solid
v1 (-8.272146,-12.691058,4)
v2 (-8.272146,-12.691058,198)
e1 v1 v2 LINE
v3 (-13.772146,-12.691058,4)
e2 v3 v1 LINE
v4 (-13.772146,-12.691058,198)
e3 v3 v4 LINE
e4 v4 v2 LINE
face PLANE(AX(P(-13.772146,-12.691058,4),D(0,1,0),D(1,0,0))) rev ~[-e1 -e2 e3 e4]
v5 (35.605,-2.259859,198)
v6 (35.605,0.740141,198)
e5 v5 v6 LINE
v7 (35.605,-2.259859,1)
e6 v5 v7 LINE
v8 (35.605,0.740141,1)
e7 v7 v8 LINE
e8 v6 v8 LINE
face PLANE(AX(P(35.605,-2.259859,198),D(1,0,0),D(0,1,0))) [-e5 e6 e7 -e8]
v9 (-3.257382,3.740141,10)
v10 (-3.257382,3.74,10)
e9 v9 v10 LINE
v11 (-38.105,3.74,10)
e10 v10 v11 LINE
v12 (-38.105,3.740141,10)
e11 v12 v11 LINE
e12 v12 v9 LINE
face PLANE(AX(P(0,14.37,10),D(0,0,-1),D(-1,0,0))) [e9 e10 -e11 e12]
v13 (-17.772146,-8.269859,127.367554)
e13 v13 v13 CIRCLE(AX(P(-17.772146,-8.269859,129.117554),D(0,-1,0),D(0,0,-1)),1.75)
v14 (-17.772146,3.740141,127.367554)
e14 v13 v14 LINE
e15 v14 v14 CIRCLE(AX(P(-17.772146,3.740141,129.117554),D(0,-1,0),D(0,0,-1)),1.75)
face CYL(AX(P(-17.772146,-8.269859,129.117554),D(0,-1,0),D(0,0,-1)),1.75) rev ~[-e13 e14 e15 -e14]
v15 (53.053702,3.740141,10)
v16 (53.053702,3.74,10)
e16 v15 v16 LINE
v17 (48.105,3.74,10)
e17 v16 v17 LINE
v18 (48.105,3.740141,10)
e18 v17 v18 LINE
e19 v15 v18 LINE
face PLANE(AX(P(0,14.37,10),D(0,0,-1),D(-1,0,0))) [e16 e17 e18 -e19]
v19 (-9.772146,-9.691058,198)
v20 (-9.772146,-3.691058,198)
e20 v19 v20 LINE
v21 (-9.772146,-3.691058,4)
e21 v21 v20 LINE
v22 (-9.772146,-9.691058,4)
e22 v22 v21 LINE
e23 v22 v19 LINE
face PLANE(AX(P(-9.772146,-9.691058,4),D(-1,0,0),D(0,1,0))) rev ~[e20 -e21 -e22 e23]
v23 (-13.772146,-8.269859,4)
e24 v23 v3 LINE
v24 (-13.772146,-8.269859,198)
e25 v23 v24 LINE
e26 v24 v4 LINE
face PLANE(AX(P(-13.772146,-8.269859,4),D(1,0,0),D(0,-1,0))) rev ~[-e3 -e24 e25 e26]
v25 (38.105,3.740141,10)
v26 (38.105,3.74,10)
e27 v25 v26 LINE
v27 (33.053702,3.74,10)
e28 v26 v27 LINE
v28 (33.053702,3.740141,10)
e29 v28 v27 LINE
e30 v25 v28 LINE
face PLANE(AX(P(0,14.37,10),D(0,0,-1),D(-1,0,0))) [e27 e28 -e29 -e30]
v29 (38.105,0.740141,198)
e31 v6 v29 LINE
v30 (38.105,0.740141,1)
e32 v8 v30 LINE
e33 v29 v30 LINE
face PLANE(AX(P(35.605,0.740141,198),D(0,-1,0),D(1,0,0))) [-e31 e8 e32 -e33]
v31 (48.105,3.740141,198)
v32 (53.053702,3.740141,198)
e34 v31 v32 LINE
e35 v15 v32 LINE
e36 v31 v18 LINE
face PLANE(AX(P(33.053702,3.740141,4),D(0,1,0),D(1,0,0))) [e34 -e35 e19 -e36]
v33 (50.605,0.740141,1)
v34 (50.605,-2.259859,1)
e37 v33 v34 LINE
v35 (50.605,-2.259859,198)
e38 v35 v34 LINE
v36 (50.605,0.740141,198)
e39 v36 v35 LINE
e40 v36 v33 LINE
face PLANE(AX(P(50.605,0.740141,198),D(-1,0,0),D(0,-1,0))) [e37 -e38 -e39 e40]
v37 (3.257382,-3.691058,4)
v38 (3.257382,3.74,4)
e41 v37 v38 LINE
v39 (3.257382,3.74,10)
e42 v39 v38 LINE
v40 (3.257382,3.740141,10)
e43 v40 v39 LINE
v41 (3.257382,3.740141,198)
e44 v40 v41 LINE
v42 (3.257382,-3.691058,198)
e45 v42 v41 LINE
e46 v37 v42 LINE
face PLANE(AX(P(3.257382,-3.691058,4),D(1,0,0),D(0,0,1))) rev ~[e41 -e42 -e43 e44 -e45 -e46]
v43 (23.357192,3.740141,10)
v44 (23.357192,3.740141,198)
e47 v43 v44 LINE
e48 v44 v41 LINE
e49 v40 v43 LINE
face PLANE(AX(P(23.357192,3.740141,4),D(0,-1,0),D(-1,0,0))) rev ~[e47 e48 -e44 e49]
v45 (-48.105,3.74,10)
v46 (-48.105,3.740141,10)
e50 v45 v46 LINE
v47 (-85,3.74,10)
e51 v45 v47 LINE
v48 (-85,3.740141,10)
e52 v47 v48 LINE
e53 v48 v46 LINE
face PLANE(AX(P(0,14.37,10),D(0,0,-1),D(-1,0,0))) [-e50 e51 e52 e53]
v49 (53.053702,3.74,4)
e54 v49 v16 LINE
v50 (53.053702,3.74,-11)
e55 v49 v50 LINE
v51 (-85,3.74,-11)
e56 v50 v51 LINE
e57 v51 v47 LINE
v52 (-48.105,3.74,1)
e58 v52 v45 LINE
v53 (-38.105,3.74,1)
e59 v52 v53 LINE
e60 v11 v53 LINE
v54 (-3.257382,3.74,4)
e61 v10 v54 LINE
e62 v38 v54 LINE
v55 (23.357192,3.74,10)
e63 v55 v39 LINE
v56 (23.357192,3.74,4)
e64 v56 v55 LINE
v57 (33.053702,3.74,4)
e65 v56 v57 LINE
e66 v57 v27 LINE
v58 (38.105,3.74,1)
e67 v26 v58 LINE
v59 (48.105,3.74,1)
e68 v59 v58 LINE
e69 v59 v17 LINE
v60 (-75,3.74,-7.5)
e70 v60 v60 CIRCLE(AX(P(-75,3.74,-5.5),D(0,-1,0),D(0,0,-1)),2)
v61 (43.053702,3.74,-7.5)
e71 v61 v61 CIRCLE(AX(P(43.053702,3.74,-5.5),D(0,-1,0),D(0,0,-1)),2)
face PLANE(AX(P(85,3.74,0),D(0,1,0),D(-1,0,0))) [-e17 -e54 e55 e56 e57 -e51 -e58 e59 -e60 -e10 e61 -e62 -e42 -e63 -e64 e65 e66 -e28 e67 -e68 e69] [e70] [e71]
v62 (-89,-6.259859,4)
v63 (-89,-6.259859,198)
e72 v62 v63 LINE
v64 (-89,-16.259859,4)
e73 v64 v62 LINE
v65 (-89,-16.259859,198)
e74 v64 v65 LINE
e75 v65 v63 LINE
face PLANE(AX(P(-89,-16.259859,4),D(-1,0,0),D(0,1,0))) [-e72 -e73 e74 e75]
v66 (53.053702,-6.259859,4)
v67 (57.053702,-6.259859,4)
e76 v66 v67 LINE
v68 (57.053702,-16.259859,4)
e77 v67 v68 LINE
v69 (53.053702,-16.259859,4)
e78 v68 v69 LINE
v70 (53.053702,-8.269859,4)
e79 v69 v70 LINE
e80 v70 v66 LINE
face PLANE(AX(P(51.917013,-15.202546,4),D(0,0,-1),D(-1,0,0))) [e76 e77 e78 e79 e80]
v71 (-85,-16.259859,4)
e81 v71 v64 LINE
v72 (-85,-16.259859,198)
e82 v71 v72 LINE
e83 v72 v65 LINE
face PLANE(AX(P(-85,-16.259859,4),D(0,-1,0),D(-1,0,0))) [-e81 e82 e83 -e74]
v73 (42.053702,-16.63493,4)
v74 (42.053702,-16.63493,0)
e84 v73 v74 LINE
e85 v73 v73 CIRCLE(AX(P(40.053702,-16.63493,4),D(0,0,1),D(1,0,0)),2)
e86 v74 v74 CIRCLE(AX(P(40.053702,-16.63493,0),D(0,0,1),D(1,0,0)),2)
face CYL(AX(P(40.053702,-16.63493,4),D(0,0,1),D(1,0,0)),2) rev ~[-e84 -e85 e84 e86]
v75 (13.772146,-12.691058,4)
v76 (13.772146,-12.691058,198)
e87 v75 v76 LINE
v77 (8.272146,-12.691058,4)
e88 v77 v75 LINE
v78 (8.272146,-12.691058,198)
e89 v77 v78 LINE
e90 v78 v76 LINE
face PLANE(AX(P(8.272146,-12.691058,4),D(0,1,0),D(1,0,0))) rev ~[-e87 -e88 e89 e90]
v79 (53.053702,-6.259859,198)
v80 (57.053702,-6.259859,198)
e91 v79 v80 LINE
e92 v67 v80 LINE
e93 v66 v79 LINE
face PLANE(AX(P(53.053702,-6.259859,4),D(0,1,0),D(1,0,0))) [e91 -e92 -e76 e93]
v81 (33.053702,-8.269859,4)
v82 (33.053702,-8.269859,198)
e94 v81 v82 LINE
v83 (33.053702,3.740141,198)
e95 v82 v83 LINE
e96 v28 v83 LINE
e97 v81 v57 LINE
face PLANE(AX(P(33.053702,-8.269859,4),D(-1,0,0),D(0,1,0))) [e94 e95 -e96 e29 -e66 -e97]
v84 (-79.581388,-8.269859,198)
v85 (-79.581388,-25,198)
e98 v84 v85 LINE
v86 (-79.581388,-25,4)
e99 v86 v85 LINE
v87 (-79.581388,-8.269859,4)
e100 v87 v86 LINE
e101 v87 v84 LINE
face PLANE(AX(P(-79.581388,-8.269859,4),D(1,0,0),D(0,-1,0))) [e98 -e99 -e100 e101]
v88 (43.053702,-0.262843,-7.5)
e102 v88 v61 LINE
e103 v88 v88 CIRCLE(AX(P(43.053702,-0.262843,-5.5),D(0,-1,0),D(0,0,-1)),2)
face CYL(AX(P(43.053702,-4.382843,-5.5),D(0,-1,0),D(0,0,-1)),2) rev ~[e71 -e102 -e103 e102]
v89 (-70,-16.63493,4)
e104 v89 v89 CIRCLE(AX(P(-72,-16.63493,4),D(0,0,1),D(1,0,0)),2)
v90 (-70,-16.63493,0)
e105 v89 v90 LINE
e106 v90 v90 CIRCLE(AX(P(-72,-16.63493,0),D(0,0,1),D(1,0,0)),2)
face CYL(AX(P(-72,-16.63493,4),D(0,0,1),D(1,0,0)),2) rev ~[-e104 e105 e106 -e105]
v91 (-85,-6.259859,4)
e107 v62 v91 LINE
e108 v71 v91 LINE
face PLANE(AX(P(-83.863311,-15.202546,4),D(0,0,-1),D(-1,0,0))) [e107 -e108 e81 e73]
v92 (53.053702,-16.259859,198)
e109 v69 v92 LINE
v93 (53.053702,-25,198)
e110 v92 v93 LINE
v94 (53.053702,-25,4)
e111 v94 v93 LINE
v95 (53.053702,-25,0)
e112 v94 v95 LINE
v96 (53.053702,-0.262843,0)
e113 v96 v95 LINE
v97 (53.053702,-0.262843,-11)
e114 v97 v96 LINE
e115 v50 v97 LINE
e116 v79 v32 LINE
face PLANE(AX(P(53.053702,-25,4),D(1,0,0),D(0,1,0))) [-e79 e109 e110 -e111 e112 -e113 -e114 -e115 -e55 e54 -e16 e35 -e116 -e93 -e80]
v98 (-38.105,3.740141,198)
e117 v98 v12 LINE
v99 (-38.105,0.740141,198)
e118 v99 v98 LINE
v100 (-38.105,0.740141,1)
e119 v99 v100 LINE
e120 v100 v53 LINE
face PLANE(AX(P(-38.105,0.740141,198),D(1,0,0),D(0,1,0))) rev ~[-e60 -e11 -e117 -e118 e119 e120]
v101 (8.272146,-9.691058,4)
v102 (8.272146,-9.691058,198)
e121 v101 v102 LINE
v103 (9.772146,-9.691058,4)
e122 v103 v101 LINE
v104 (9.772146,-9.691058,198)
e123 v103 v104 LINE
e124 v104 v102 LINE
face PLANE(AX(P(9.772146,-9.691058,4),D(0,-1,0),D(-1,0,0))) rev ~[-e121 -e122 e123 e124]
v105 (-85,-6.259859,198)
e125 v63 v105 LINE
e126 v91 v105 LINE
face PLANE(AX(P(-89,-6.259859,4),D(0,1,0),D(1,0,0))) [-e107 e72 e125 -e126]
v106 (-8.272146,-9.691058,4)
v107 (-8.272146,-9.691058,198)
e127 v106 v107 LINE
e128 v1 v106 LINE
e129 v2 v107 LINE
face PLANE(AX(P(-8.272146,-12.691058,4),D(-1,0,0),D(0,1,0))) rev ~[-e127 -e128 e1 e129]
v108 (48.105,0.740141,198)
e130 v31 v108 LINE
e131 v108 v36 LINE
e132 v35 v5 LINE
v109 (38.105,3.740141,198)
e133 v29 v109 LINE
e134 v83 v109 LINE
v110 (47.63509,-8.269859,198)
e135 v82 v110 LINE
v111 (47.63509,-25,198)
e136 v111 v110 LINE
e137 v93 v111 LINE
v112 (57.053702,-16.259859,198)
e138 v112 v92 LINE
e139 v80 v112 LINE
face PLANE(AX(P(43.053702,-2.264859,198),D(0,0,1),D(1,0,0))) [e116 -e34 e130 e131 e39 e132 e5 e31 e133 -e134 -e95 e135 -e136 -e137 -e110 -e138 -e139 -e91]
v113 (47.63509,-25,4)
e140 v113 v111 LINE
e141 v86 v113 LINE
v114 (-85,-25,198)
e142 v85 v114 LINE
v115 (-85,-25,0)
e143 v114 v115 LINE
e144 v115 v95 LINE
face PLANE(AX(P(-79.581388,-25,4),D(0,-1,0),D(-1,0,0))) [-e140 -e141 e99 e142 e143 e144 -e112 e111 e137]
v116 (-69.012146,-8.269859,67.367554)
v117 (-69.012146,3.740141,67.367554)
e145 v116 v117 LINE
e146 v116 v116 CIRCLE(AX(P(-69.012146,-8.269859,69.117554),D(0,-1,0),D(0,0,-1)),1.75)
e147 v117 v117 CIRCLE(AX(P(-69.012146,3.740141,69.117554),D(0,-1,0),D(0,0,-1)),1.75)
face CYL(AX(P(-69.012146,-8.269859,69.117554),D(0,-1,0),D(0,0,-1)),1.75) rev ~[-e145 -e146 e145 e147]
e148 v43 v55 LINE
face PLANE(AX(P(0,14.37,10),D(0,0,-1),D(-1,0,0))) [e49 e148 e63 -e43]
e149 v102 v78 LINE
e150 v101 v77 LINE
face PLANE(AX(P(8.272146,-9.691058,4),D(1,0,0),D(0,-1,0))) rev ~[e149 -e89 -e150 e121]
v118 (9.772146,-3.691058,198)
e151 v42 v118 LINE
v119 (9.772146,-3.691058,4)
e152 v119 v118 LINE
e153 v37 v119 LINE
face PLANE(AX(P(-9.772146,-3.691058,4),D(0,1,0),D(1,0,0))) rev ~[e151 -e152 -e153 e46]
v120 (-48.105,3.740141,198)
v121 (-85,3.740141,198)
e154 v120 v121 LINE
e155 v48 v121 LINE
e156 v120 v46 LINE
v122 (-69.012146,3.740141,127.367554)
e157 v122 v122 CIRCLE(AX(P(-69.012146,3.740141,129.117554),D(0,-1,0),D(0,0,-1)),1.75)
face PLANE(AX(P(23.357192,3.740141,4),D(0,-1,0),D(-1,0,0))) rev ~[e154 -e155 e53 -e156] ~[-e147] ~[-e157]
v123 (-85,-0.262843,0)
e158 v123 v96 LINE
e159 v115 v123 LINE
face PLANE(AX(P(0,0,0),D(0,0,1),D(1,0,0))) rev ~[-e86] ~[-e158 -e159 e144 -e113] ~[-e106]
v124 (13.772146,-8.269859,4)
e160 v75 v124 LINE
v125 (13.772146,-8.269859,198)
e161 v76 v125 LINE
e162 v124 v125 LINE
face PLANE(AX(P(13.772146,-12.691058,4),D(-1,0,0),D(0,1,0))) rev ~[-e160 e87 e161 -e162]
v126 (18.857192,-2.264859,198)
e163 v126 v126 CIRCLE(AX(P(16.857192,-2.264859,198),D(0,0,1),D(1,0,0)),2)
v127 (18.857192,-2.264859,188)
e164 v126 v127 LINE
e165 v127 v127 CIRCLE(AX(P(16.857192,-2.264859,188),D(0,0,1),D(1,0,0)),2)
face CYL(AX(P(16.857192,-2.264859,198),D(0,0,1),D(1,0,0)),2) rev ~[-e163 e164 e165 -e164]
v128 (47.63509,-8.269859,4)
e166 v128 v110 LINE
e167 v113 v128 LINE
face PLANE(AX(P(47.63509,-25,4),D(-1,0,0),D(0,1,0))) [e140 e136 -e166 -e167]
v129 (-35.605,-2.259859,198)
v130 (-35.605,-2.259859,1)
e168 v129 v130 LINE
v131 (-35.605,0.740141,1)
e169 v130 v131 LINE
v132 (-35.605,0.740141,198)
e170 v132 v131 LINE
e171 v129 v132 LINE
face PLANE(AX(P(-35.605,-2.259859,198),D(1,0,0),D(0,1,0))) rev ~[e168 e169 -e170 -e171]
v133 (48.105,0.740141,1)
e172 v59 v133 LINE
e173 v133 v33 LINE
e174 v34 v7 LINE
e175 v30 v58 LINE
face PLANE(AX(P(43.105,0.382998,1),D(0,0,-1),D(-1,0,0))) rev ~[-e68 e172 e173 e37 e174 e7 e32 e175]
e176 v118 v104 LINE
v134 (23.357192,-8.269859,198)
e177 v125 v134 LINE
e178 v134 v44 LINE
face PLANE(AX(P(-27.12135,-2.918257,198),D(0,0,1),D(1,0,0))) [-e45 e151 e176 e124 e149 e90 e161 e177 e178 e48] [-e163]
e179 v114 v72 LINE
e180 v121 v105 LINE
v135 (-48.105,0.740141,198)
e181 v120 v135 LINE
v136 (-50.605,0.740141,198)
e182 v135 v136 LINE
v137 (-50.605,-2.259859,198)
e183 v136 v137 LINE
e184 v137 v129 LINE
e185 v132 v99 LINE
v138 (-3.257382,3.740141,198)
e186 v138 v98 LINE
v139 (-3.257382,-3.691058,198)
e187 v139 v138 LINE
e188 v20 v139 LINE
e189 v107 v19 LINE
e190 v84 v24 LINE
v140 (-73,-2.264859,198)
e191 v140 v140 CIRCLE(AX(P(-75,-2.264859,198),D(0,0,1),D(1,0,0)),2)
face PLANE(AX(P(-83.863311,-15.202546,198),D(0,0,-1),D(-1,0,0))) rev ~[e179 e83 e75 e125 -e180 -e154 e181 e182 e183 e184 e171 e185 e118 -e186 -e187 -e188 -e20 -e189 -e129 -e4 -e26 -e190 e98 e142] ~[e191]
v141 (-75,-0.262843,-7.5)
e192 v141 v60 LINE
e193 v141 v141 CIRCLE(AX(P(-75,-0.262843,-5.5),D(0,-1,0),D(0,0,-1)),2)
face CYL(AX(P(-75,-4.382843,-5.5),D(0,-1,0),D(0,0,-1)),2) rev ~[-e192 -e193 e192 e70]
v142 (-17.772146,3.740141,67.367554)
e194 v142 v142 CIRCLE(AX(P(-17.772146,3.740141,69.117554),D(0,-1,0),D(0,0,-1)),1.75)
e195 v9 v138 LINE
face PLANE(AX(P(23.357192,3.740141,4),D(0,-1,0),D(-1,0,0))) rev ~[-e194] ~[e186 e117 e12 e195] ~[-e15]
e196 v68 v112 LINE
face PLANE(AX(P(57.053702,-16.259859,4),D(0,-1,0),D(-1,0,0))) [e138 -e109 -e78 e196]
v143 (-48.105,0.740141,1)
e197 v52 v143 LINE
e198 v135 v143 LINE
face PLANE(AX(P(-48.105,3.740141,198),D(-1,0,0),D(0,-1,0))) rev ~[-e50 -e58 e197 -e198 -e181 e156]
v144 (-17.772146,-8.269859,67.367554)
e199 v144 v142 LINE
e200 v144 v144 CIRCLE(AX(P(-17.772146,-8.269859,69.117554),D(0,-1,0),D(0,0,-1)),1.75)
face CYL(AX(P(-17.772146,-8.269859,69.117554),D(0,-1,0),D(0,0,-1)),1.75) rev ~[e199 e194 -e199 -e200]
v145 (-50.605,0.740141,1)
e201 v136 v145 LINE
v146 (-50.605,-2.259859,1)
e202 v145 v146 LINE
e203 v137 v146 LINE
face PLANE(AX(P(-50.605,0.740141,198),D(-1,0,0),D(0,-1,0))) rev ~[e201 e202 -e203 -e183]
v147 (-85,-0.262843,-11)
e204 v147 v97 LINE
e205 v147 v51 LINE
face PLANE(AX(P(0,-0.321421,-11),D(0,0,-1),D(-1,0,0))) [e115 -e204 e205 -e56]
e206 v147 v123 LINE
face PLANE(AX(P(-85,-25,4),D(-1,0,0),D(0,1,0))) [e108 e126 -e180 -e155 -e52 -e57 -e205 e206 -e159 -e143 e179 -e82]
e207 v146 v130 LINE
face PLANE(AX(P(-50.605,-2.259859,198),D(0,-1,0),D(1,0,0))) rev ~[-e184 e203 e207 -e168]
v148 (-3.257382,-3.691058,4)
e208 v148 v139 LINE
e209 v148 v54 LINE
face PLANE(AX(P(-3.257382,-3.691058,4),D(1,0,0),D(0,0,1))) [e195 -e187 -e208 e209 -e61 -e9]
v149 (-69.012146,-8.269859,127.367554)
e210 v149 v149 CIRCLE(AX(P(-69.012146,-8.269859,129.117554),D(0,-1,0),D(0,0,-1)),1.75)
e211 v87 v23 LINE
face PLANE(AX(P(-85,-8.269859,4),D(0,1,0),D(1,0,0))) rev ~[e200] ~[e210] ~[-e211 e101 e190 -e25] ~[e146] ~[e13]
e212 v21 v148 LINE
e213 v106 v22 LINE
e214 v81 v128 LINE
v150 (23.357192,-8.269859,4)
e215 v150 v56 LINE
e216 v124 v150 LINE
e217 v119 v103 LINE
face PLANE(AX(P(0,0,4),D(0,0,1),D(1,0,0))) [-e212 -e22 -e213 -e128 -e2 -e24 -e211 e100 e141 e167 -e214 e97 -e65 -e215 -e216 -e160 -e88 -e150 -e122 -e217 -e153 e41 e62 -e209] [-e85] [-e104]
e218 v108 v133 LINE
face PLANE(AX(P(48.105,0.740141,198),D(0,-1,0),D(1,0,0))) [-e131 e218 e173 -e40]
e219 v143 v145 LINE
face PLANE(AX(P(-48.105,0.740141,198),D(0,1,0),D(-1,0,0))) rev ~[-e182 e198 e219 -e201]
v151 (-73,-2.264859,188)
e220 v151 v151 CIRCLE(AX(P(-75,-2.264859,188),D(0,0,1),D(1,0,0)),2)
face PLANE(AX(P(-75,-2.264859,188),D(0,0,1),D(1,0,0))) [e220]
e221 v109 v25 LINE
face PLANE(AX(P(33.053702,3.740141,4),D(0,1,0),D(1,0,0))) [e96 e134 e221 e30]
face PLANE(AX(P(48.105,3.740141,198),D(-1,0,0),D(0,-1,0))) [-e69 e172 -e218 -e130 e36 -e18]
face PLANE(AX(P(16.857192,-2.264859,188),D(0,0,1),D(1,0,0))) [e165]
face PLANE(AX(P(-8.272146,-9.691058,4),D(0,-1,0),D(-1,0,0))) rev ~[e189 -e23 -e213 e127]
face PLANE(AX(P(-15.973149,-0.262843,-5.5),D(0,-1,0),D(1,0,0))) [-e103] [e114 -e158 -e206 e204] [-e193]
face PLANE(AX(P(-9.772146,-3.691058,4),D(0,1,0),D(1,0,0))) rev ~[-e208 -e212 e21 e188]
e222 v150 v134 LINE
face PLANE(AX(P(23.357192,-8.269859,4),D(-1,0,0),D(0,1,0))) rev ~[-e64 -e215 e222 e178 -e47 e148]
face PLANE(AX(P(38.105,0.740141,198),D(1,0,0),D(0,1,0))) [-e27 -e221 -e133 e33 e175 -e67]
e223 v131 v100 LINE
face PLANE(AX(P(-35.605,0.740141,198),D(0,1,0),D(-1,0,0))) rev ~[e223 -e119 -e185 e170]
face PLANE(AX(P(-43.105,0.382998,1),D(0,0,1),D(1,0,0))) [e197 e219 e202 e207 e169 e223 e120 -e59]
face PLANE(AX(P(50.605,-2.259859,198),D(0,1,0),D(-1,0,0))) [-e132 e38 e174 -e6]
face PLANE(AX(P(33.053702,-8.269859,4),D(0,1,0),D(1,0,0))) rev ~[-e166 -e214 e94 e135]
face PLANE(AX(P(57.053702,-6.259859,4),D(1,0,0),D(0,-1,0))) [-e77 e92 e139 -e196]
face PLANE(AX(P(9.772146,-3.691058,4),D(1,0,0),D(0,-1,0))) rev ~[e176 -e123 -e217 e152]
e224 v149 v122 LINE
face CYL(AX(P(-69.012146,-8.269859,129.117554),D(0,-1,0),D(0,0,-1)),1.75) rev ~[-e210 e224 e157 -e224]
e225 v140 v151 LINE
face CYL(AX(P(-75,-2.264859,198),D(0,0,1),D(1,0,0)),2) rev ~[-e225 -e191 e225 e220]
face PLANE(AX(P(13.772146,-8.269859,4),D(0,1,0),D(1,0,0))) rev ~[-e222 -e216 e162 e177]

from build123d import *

# Parameters (mm, degrees)
CROQUIS1_W              = 170
CROQUIS1_H              = 50
SALIENTE_EXTRUIR1_DEPTH = 4
CROQUIS3_W              = 20
CROQUIS3_H              = 12.01
SALIENTE_EXTRUIR2_DEPTH = 194
CROQUIS22_W             = 170
CROQUIS22_H             = 21.26
CORTAR_EXTRUIR12_DEPTH  = 10
CROQUIS23_W             = 170
CROQUIS23_H             = 8.12284292
SALIENTE_EXTRUIR6_DEPTH = 11
CROQUIS25_W             = 6.514763964
CROQUIS25_H             = 194
CORTAR_EXTRUIR16_DEPTH  = 10
CROQUIS27_R             = 1.75
CORTAR_EXTRUIR17_DEPTH  = 30.74
CORTAR_EXTRUIR18_DEPTH  = 197
CROQUIS29_W             = 31.946298055
CROQUIS29_H             = 28.740140904
CORTAR_EXTRUIR19_DEPTH  = 197
CROQUIS30_R             = 2
CORTAR_EXTRUIR20_DEPTH  = 197
CROQUIS31_R             = 2
UNI_N_TECHO_DEPTH       = 10
CROQUIS33_R             = 2
CORTAR_EXTRUIR22_DEPTH  = 10
CROQUIS35_W             = 138.053701945
CROQUIS35_H             = 11
CORTAR_EXTRUIR24_DEPTH  = 4.12
SALIENTE_EXTRUIR7_DEPTH = 194


with BuildPart() as part:
    # Croquis1 → Saliente-Extruir1 (new body)
    with BuildSketch(Plane.XY):
        Rectangle(CROQUIS1_W, CROQUIS1_H)
    extrude(amount=SALIENTE_EXTRUIR1_DEPTH)

    # Croquis3 → Saliente-Extruir2 (add)
    with BuildSketch(Plane.XY.offset(4)):
        Polygon((-13.772145946, -12.69105844), (-9.772145946, -12.69105844), (-8.272145946, -12.69105844), (-8.272145946, -9.69105844), (-9.772145946, -9.69105844), (-9.772145946, -3.69105844), (9.772145946, -3.69105844), (9.772145946, -9.69105844), (8.272145946, -9.69105844), (8.272145946, -12.69105844), (9.772145946, -12.69105844), (13.772145946, -12.69105844), (13.772145946, -8.269859096), (23.357191672, -8.269859096), (23.357191672, 3.740140904), (-85, 3.740140904), (-85, -8.269859096), (-13.772145946, -8.269859096), align=None)
        with Locations((43.053701945, -2.264859096)):
            Rectangle(CROQUIS3_W, CROQUIS3_H)
    extrude(amount=SALIENTE_EXTRUIR2_DEPTH)

    # Croquis22 → Cortar-Extruir12 (cut)
    with BuildSketch(Plane(origin=(0, 0, 0), x_dir=(-1, 0, 0), z_dir=(0, 0, -1))):
        with Locations((0, 14.37)):
            Rectangle(CROQUIS22_W, CROQUIS22_H)
    extrude(amount=-CORTAR_EXTRUIR12_DEPTH, mode=Mode.SUBTRACT)

    # Croquis23 → Saliente-Extruir6 (add)
    with BuildSketch(Plane(origin=(0, 0, 0), x_dir=(-1, 0, 0), z_dir=(0, 0, -1))):
        with Locations((0, -0.32142146)):
            Rectangle(CROQUIS23_W, CROQUIS23_H)
    extrude(amount=SALIENTE_EXTRUIR6_DEPTH)

    # Croquis25 → Cortar-Extruir16 (cut)
    with BuildSketch(Plane.XZ.offset(3.69105844)):
        with Locations((0, 101)):
            Rectangle(CROQUIS25_W, CROQUIS25_H)
    extrude(amount=-CORTAR_EXTRUIR16_DEPTH, mode=Mode.SUBTRACT)

    # Croquis27 → Cortar-Extruir17 (cut)
    with BuildSketch(Plane.XZ.offset(8.269859096)):
        with Locations(Location((-69.012145946, 129.117553519, 0), (0, 0, 270))):
            Circle(CROQUIS27_R)
        with Locations(Location((-17.772145946, 129.117553519, 0), (0, 0, 270))):
            Circle(CROQUIS27_R)
        with Locations(Location((-69.012145946, 69.117553519, 0), (0, 0, 270))):
            Circle(CROQUIS27_R)
        with Locations(Location((-17.772145946, 69.117553519, 0), (0, 0, 270))):
            Circle(CROQUIS27_R)
    extrude(amount=-CORTAR_EXTRUIR17_DEPTH, mode=Mode.SUBTRACT)

    # Croquis28 → Cortar-Extruir18 (cut)
    with BuildSketch(Plane.XY.offset(198)):
        Polygon((50.605, 0.740140904), (50.605, -2.259859096), (35.605, -2.259859096), (35.605, 0.740140904), (38.105, 0.740140904), (38.105, 3.740140904), (48.105, 3.740140904), (48.105, 0.740140904), align=None)
        Polygon((-38.105, 3.740140904), (-48.105, 3.740140904), (-48.105, 0.740140904), (-50.605, 0.740140904), (-50.605, -2.259859096), (-35.605, -2.259859096), (-35.605, 0.740140904), (-38.105, 0.740140904), align=None)
    extrude(amount=-CORTAR_EXTRUIR18_DEPTH, mode=Mode.SUBTRACT)

    # Croquis29 → Cortar-Extruir19 (cut)
    with BuildSketch(Plane.XY.offset(4)):
        with Locations((69.026850973, -10.629929548)):
            Rectangle(CROQUIS29_W, CROQUIS29_H)
    extrude(amount=-CORTAR_EXTRUIR19_DEPTH, mode=Mode.SUBTRACT)

    # Croquis30 → Cortar-Extruir20 (cut)
    with BuildSketch(Plane.XY.offset(4)):
        with Locations((-72, -16.634929548)):
            Circle(CROQUIS30_R)
        with Locations((40.053701945, -16.634929548)):
            Circle(CROQUIS30_R)
    extrude(amount=-CORTAR_EXTRUIR20_DEPTH, mode=Mode.SUBTRACT)

    # Croquis31 → Unión techo (cut)
    with BuildSketch(Plane.XY.offset(198)):
        with Locations((-75, -2.264859096)):
            Circle(CROQUIS31_R)
        with Locations((16.857191672, -2.264859096)):
            Circle(CROQUIS31_R)
    extrude(amount=-UNI_N_TECHO_DEPTH, mode=Mode.SUBTRACT)

    # Croquis33 → Cortar-Extruir22 (cut)
    with BuildSketch(Plane.XZ.offset(4.38284292)):
        with Locations(Location((-75, -5.5, 0), (0, 0, 270))):
            Circle(CROQUIS33_R)
        with Locations(Location((43.053701945, -5.5, 0), (0, 0, 270))):
            Circle(CROQUIS33_R)
    extrude(amount=-CORTAR_EXTRUIR22_DEPTH, mode=Mode.SUBTRACT)

    # Croquis35 → Cortar-Extruir24 (cut)
    with BuildSketch(Plane.XZ.offset(4.38284292)):
        with Locations((-15.973149027, -5.5)):
            Rectangle(CROQUIS35_W, CROQUIS35_H)
    extrude(amount=-CORTAR_EXTRUIR24_DEPTH, mode=Mode.SUBTRACT)

    # Croquis36 → Saliente-Extruir7 (add)
    with BuildSketch(Plane.XY.offset(4)):
        Polygon((-85, -8.269859096), (-79.581388396, -8.269859096), (-79.581388396, -25), (-85, -25), (-85, -16.259859096), (-89, -16.259859096), (-89, -6.259859096), (-85, -6.259859096), align=None)
        Polygon((53.053701945, -8.269859096), (53.053701945, -6.259859096), (57.053701945, -6.259859096), (57.053701945, -16.259859096), (53.053701945, -16.259859096), (53.053701945, -25), (47.63509034, -25), (47.63509034, -8.269859096), align=None)
    extrude(amount=SALIENTE_EXTRUIR7_DEPTH)


solid = part.part
